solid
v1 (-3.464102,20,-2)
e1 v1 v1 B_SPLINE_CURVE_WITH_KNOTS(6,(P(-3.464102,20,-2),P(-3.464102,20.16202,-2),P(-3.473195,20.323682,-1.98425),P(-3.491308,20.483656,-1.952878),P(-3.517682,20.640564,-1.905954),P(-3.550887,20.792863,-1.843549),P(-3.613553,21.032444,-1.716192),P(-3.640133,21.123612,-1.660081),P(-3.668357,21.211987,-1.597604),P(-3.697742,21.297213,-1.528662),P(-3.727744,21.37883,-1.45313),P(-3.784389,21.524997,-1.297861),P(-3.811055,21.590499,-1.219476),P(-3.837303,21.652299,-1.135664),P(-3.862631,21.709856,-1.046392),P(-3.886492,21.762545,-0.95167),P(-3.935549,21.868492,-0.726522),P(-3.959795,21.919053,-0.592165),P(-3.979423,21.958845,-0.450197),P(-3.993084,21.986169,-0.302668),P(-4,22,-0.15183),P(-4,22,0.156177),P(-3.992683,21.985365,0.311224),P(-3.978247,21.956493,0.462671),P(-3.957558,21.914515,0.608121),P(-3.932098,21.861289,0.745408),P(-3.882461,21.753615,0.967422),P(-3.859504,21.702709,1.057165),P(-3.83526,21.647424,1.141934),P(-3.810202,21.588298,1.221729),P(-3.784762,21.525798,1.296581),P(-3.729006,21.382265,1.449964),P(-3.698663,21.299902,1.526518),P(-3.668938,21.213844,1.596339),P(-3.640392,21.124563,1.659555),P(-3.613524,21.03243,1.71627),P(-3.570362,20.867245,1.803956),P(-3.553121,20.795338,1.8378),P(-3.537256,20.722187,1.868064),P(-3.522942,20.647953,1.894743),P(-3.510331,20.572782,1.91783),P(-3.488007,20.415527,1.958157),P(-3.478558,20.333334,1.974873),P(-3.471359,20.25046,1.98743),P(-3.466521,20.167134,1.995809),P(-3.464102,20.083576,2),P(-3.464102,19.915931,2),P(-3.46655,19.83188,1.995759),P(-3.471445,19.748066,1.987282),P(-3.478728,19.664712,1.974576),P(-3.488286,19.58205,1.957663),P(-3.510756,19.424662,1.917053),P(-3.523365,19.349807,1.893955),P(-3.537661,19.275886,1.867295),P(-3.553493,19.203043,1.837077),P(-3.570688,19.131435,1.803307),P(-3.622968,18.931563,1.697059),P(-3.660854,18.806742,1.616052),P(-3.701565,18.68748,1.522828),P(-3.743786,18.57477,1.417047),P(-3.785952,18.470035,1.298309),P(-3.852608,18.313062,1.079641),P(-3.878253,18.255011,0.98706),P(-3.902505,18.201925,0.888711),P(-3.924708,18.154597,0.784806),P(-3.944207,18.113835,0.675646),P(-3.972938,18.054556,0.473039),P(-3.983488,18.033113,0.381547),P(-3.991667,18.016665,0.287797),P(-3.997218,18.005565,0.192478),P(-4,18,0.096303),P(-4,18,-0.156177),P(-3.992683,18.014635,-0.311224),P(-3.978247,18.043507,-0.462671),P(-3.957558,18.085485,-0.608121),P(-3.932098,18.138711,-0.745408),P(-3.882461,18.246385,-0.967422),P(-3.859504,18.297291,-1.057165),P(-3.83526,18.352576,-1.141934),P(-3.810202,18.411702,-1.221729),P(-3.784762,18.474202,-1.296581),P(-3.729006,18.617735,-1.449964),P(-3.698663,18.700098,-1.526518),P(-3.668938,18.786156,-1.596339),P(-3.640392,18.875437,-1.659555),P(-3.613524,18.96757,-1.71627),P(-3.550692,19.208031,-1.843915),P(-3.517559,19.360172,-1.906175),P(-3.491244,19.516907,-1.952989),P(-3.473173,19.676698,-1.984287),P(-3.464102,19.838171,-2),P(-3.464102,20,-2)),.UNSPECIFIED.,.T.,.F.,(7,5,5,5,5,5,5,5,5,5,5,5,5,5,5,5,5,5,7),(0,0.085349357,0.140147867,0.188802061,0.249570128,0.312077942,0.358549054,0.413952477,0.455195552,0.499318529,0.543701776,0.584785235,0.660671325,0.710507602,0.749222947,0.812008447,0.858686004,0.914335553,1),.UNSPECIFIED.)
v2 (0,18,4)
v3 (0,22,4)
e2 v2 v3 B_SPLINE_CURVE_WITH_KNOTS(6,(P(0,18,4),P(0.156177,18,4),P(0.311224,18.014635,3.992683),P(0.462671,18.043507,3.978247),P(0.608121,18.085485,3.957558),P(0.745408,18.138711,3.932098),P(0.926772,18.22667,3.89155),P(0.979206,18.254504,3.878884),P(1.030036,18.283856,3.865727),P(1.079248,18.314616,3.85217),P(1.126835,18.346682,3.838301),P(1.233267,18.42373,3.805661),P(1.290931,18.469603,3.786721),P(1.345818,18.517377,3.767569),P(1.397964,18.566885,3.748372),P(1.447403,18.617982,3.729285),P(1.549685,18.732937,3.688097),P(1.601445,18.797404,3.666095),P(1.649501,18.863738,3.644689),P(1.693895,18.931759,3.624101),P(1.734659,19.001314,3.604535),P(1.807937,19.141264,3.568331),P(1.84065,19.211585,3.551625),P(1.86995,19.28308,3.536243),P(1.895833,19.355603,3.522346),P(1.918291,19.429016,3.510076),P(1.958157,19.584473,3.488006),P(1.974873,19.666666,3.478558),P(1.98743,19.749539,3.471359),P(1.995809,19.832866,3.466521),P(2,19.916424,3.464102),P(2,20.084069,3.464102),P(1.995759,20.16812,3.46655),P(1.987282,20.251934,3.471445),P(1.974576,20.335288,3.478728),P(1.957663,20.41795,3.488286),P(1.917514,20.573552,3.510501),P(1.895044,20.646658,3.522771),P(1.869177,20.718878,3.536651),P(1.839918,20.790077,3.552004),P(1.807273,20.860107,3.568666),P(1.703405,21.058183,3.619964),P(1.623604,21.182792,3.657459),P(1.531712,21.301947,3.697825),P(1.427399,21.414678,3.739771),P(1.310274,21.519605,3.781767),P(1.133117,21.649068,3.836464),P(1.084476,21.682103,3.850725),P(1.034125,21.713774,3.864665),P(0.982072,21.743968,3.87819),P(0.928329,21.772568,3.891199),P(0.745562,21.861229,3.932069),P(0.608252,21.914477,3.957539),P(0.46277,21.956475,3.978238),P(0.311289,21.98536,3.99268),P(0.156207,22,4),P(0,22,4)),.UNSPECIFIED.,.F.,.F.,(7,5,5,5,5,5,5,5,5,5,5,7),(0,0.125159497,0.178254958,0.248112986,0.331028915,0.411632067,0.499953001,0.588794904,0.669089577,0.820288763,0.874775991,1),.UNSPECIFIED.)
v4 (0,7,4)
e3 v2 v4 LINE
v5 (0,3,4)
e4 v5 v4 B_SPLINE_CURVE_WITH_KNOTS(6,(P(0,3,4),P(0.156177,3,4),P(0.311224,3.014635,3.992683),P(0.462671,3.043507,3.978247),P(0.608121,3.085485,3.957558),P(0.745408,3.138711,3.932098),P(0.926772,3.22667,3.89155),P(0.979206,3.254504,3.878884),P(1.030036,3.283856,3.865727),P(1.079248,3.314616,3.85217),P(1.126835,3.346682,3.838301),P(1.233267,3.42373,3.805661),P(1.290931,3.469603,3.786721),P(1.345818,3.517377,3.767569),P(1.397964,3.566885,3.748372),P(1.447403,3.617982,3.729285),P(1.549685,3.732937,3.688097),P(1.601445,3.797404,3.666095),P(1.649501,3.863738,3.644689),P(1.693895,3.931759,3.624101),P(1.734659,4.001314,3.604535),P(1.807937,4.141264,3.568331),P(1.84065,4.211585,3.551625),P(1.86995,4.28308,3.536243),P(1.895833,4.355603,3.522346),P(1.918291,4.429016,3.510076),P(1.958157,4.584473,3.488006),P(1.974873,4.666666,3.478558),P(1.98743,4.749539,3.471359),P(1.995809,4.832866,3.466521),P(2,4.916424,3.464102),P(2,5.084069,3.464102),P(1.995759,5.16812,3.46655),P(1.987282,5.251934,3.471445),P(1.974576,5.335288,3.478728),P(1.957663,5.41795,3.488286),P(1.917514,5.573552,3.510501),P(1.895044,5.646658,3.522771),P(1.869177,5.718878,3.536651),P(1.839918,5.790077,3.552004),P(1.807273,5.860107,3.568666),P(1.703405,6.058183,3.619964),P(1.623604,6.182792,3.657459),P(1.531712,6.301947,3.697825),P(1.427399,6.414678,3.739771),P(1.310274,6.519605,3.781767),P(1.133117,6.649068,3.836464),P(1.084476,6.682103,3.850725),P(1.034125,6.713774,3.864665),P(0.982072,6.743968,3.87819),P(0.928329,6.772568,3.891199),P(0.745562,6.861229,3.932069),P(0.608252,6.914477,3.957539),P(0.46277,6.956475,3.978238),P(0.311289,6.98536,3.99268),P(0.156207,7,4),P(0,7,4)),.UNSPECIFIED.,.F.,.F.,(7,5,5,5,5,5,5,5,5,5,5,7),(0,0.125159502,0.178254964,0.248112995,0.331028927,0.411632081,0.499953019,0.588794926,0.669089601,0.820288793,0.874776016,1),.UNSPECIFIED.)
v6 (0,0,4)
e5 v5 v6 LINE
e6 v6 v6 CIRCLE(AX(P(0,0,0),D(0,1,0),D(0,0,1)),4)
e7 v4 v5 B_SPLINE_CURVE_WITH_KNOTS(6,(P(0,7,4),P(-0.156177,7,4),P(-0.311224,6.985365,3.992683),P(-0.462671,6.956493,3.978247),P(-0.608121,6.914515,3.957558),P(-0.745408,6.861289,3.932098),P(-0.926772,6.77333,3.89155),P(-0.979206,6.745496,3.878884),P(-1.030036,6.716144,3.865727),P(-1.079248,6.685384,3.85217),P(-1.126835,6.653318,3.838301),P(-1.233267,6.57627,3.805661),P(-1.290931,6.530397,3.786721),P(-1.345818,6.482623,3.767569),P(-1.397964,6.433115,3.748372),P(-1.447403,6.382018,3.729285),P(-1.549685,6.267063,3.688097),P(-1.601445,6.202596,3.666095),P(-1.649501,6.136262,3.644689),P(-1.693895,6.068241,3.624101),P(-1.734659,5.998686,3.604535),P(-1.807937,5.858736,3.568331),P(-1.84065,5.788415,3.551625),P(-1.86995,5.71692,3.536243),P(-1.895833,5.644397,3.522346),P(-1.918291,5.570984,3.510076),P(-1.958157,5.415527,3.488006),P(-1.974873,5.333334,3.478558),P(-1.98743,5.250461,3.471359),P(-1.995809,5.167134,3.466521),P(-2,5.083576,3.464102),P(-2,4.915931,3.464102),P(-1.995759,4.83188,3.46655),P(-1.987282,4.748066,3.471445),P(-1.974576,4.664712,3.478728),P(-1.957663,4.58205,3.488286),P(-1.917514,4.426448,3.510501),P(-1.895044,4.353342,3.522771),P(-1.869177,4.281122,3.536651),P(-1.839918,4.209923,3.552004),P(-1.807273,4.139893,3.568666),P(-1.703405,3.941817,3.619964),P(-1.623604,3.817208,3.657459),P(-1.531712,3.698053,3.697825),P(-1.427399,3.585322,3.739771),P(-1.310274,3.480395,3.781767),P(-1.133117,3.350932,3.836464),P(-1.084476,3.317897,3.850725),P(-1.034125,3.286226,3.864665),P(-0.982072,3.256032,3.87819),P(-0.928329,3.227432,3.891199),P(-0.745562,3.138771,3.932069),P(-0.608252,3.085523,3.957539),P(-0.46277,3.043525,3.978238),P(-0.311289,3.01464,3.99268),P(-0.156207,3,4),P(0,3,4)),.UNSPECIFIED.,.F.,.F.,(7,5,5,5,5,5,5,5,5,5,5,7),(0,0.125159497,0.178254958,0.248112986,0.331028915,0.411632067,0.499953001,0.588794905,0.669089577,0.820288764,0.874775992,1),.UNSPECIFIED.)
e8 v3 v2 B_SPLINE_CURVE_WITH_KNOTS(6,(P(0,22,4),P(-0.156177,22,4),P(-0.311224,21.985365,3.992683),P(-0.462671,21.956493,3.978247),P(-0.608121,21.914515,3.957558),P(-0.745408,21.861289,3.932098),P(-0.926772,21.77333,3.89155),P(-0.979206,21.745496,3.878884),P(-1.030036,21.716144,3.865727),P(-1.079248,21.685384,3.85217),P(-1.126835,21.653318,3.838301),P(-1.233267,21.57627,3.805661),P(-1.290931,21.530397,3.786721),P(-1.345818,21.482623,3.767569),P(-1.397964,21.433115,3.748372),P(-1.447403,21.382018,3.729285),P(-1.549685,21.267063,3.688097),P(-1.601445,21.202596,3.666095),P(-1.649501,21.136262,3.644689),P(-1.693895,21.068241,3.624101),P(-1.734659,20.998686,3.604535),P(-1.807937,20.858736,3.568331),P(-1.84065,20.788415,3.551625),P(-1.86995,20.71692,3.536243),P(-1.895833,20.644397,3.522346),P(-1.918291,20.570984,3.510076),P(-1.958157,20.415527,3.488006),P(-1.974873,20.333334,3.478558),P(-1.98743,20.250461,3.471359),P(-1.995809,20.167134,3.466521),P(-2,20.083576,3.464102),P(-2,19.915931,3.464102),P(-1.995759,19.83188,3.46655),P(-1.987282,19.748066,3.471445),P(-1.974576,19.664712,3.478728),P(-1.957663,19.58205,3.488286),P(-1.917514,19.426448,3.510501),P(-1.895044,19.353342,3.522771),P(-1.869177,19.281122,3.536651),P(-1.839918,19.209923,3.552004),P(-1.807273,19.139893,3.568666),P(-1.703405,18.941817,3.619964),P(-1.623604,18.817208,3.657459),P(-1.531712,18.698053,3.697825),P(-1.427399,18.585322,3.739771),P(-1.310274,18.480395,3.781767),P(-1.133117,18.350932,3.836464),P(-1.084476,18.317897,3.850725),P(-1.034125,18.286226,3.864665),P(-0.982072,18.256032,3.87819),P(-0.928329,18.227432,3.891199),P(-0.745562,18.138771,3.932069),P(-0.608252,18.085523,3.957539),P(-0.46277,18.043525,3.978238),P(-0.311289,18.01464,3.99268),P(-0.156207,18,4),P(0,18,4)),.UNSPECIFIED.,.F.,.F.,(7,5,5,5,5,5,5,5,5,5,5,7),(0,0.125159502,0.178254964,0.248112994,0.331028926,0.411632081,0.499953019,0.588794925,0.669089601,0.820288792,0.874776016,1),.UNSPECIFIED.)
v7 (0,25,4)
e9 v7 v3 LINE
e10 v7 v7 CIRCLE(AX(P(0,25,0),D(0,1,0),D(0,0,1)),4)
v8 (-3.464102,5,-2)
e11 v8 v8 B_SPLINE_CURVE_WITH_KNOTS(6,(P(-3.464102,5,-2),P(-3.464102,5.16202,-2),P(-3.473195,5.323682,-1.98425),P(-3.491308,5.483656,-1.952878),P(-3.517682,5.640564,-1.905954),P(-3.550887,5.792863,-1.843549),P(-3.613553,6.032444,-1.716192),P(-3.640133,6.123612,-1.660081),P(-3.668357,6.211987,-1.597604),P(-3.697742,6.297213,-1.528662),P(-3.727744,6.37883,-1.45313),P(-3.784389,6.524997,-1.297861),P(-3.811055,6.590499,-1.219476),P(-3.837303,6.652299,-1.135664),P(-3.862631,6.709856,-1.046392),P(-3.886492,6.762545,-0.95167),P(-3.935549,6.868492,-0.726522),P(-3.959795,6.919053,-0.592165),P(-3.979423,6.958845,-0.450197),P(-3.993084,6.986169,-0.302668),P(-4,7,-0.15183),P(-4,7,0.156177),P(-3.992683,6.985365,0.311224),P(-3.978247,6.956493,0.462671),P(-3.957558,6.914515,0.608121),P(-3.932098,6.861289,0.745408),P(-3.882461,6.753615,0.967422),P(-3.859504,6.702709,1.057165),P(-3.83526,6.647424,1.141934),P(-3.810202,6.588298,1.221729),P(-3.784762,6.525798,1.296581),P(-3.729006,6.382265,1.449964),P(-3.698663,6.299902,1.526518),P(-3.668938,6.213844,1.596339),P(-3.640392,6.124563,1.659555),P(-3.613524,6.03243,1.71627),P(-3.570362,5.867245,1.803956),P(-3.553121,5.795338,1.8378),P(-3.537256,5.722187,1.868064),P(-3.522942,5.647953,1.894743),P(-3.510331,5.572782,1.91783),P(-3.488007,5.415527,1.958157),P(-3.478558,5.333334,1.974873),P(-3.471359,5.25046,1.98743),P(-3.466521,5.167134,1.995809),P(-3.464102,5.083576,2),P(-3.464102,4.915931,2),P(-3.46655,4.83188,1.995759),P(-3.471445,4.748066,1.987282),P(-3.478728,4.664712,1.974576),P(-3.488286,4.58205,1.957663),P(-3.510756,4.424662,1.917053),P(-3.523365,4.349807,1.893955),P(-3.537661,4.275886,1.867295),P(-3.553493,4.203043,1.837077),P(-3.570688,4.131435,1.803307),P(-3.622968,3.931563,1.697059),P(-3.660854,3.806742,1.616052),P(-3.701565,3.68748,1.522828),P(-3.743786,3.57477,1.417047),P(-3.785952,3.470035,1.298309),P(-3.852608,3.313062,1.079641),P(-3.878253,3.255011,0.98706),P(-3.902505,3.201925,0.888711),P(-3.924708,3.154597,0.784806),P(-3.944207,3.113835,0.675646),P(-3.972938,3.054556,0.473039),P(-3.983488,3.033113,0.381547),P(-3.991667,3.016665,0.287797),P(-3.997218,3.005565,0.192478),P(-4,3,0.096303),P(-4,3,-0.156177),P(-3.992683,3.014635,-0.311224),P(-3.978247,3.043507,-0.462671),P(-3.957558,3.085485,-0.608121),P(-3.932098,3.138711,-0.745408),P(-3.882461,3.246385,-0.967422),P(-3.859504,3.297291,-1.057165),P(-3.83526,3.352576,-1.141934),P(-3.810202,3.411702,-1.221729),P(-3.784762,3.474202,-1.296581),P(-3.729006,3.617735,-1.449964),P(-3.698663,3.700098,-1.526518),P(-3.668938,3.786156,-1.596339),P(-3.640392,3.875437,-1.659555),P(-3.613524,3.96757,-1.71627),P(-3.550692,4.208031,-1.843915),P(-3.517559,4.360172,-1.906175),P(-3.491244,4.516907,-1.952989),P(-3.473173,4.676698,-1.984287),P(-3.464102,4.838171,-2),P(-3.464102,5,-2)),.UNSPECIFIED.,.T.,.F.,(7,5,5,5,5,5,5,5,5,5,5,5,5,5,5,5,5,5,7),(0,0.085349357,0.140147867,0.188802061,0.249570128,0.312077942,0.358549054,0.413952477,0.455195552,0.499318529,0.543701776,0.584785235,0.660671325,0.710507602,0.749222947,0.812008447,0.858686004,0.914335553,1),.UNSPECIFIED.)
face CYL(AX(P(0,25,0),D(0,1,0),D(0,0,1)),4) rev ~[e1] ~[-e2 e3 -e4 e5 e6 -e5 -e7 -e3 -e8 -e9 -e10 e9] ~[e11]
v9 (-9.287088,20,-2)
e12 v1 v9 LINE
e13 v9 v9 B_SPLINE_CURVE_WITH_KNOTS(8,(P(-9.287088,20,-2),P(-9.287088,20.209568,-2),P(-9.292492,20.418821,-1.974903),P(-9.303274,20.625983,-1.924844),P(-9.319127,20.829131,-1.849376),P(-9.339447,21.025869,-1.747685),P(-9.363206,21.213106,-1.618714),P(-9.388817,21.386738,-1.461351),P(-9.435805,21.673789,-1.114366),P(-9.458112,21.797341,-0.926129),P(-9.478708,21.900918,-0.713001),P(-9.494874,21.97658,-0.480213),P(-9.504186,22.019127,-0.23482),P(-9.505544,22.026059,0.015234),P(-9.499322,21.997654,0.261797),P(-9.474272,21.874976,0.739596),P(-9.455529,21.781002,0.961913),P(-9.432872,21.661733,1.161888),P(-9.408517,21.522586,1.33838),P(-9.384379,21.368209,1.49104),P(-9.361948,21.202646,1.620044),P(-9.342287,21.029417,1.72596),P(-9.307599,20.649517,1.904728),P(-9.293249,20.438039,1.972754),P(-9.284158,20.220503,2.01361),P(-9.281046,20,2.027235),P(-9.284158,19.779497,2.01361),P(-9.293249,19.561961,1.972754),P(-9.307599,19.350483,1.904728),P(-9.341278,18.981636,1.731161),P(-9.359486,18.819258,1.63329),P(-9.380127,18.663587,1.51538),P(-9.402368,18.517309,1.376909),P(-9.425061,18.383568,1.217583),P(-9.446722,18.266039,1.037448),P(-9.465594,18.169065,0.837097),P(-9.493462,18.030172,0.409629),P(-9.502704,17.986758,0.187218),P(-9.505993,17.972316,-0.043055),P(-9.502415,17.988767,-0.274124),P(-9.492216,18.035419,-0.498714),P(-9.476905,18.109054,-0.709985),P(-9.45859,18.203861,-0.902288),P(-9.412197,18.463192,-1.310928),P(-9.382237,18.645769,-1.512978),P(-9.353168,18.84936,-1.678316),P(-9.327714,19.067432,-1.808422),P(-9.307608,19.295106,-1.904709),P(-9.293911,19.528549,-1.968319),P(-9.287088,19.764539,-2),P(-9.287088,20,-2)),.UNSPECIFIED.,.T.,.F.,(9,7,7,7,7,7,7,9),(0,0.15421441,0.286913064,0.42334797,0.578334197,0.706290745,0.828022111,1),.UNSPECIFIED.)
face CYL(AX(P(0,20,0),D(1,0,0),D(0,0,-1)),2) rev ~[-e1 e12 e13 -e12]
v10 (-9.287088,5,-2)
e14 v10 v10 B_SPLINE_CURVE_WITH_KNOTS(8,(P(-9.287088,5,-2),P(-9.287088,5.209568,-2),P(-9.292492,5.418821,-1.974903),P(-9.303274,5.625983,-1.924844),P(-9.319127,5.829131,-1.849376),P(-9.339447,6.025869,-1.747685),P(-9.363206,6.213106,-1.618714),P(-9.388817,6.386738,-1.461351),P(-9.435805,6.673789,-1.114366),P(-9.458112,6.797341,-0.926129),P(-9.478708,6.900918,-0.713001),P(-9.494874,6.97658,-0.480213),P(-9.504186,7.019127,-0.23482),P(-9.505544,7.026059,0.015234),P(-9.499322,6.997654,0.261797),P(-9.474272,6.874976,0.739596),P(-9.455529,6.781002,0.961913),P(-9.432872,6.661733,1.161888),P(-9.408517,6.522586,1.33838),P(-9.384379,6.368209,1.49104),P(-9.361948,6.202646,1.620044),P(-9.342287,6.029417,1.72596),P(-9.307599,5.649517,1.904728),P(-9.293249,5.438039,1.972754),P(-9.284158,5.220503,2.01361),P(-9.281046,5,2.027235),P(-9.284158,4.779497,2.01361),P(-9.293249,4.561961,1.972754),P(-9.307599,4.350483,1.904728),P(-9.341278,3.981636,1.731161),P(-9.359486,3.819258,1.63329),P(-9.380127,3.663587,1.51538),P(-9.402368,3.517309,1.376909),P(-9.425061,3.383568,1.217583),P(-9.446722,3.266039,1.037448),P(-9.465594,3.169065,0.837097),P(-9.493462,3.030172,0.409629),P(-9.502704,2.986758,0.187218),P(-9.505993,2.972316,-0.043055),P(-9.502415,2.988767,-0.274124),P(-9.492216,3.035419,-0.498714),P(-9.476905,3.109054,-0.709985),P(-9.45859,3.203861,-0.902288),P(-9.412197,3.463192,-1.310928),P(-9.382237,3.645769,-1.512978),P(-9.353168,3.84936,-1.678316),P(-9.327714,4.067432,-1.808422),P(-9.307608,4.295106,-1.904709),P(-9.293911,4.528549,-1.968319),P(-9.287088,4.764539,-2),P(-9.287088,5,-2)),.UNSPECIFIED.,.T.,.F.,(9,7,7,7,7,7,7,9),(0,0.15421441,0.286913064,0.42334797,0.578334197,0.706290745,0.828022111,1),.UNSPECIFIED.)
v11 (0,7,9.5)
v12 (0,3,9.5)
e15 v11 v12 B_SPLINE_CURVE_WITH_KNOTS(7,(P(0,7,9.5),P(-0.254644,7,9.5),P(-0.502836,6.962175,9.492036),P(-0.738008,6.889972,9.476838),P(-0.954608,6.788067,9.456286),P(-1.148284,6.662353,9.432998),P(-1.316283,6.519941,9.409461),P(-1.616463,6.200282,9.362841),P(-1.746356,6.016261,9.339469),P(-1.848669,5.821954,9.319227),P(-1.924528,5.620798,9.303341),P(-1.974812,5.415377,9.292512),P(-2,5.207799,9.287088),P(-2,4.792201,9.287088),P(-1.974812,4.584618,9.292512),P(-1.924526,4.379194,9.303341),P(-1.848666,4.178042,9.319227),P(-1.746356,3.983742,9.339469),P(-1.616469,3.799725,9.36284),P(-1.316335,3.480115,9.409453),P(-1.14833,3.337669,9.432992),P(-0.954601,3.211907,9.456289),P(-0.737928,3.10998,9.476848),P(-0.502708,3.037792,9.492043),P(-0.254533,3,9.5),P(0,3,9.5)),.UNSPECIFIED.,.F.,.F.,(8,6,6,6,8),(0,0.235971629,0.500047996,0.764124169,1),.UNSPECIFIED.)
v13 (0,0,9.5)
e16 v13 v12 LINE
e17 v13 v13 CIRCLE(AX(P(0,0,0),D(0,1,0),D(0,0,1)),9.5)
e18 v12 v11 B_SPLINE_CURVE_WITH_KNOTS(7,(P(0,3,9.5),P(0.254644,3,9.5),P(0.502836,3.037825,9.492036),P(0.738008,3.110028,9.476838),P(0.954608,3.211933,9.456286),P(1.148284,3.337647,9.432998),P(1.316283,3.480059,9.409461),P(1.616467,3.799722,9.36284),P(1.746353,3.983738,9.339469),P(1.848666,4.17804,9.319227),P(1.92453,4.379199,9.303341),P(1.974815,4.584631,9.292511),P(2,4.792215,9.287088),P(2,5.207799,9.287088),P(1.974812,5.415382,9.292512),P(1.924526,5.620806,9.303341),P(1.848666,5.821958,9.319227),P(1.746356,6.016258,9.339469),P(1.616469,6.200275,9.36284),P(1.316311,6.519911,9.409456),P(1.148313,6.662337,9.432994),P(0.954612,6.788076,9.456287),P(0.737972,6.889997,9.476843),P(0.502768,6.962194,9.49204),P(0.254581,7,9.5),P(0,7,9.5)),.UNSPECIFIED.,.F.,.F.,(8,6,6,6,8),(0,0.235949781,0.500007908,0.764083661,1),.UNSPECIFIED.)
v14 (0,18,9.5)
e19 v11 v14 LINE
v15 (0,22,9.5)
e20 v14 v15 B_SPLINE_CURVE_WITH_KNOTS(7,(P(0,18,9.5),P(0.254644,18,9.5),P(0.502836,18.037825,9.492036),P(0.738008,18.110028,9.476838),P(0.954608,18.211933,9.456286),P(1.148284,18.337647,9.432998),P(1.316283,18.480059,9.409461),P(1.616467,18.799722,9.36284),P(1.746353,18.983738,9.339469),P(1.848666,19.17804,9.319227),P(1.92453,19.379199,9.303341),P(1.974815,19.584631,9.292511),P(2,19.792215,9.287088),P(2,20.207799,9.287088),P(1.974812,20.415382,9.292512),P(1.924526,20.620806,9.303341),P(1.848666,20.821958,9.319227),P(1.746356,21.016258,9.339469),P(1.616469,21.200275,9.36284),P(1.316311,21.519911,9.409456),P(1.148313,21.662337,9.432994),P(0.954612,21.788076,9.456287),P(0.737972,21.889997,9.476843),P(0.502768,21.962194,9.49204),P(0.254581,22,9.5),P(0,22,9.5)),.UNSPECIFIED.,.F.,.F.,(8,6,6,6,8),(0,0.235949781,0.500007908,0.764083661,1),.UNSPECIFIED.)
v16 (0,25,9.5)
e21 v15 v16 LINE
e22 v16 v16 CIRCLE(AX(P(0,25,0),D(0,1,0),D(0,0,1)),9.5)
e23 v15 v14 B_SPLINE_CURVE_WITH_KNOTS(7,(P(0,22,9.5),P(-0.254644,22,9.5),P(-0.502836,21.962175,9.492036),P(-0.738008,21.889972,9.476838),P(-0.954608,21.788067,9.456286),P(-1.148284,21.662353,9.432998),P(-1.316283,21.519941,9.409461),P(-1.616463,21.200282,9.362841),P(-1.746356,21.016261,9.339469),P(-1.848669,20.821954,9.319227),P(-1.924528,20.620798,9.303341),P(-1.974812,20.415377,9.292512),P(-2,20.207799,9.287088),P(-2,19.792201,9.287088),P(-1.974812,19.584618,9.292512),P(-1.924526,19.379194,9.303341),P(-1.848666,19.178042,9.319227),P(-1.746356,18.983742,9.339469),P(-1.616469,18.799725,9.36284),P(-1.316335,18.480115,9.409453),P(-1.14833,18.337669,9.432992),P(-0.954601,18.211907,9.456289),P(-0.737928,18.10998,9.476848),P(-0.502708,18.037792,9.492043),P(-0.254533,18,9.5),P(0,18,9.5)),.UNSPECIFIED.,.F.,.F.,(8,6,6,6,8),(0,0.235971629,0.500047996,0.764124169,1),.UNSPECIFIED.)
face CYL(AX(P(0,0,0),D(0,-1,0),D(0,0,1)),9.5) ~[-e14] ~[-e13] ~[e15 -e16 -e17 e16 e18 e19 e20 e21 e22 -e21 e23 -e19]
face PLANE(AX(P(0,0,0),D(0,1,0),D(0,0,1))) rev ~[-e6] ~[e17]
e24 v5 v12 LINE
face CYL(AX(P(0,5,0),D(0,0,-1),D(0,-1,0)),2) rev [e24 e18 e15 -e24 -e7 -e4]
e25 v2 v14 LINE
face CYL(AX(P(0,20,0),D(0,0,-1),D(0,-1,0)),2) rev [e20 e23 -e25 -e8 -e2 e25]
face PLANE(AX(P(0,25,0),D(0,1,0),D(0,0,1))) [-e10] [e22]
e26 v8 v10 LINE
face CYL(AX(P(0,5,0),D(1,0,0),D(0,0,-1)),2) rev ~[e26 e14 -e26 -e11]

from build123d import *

# Parameters (mm, degrees)
SKETCH1_R           = 9.5
BOSS_EXTRUDE1_DEPTH = 25
SKETCH2_R           = 4
CUT_EXTRUDE1_DEPTH  = 25
SKETCH3_R           = 2
CUT_EXTRUDE2_DEPTH  = 10
SKETCH4_R           = 2
CUT_EXTRUDE3_DEPTH  = 10


with BuildPart() as part:
    # Sketch1 → Boss-Extrude1 (new body)
    with BuildSketch(Plane(origin=(0, 0, 0), x_dir=(1, 0, 0), z_dir=(0, 1, 0))):
        with Locations(Location((0, 0, 0), (0, 0, 270))):
            Circle(SKETCH1_R)
    extrude(amount=BOSS_EXTRUDE1_DEPTH)

    # Sketch2 → Cut-Extrude1 (cut)
    with BuildSketch(Plane(origin=(0, 25, 0), x_dir=(1, 0, 0), z_dir=(0, 1, 0))):
        with Locations(Location((0, 0, 0), (0, 0, 270))):
            Circle(SKETCH2_R)
    extrude(amount=-CUT_EXTRUDE1_DEPTH, mode=Mode.SUBTRACT)

    # Sketch3 → Cut-Extrude2 (cut)
    with BuildSketch(Plane.XY):
        with Locations(Location((0, 20, 0), (0, 0, 270))):
            Circle(SKETCH3_R)
        with Locations(Location((0, 5, 0), (0, 0, 270))):
            Circle(SKETCH3_R)
    extrude(amount=CUT_EXTRUDE2_DEPTH, mode=Mode.SUBTRACT)

    # Sketch4 → Cut-Extrude3 (cut)
    with BuildSketch(Plane(origin=(0, 0, 0), x_dir=(0, 0, -1), z_dir=(1, 0, 0))):
        with Locations((0, 20)):
            Circle(SKETCH4_R)
        with Locations((0, 5)):
            Circle(SKETCH4_R)
    extrude(amount=-CUT_EXTRUDE3_DEPTH, mode=Mode.SUBTRACT)


solid = part.part
